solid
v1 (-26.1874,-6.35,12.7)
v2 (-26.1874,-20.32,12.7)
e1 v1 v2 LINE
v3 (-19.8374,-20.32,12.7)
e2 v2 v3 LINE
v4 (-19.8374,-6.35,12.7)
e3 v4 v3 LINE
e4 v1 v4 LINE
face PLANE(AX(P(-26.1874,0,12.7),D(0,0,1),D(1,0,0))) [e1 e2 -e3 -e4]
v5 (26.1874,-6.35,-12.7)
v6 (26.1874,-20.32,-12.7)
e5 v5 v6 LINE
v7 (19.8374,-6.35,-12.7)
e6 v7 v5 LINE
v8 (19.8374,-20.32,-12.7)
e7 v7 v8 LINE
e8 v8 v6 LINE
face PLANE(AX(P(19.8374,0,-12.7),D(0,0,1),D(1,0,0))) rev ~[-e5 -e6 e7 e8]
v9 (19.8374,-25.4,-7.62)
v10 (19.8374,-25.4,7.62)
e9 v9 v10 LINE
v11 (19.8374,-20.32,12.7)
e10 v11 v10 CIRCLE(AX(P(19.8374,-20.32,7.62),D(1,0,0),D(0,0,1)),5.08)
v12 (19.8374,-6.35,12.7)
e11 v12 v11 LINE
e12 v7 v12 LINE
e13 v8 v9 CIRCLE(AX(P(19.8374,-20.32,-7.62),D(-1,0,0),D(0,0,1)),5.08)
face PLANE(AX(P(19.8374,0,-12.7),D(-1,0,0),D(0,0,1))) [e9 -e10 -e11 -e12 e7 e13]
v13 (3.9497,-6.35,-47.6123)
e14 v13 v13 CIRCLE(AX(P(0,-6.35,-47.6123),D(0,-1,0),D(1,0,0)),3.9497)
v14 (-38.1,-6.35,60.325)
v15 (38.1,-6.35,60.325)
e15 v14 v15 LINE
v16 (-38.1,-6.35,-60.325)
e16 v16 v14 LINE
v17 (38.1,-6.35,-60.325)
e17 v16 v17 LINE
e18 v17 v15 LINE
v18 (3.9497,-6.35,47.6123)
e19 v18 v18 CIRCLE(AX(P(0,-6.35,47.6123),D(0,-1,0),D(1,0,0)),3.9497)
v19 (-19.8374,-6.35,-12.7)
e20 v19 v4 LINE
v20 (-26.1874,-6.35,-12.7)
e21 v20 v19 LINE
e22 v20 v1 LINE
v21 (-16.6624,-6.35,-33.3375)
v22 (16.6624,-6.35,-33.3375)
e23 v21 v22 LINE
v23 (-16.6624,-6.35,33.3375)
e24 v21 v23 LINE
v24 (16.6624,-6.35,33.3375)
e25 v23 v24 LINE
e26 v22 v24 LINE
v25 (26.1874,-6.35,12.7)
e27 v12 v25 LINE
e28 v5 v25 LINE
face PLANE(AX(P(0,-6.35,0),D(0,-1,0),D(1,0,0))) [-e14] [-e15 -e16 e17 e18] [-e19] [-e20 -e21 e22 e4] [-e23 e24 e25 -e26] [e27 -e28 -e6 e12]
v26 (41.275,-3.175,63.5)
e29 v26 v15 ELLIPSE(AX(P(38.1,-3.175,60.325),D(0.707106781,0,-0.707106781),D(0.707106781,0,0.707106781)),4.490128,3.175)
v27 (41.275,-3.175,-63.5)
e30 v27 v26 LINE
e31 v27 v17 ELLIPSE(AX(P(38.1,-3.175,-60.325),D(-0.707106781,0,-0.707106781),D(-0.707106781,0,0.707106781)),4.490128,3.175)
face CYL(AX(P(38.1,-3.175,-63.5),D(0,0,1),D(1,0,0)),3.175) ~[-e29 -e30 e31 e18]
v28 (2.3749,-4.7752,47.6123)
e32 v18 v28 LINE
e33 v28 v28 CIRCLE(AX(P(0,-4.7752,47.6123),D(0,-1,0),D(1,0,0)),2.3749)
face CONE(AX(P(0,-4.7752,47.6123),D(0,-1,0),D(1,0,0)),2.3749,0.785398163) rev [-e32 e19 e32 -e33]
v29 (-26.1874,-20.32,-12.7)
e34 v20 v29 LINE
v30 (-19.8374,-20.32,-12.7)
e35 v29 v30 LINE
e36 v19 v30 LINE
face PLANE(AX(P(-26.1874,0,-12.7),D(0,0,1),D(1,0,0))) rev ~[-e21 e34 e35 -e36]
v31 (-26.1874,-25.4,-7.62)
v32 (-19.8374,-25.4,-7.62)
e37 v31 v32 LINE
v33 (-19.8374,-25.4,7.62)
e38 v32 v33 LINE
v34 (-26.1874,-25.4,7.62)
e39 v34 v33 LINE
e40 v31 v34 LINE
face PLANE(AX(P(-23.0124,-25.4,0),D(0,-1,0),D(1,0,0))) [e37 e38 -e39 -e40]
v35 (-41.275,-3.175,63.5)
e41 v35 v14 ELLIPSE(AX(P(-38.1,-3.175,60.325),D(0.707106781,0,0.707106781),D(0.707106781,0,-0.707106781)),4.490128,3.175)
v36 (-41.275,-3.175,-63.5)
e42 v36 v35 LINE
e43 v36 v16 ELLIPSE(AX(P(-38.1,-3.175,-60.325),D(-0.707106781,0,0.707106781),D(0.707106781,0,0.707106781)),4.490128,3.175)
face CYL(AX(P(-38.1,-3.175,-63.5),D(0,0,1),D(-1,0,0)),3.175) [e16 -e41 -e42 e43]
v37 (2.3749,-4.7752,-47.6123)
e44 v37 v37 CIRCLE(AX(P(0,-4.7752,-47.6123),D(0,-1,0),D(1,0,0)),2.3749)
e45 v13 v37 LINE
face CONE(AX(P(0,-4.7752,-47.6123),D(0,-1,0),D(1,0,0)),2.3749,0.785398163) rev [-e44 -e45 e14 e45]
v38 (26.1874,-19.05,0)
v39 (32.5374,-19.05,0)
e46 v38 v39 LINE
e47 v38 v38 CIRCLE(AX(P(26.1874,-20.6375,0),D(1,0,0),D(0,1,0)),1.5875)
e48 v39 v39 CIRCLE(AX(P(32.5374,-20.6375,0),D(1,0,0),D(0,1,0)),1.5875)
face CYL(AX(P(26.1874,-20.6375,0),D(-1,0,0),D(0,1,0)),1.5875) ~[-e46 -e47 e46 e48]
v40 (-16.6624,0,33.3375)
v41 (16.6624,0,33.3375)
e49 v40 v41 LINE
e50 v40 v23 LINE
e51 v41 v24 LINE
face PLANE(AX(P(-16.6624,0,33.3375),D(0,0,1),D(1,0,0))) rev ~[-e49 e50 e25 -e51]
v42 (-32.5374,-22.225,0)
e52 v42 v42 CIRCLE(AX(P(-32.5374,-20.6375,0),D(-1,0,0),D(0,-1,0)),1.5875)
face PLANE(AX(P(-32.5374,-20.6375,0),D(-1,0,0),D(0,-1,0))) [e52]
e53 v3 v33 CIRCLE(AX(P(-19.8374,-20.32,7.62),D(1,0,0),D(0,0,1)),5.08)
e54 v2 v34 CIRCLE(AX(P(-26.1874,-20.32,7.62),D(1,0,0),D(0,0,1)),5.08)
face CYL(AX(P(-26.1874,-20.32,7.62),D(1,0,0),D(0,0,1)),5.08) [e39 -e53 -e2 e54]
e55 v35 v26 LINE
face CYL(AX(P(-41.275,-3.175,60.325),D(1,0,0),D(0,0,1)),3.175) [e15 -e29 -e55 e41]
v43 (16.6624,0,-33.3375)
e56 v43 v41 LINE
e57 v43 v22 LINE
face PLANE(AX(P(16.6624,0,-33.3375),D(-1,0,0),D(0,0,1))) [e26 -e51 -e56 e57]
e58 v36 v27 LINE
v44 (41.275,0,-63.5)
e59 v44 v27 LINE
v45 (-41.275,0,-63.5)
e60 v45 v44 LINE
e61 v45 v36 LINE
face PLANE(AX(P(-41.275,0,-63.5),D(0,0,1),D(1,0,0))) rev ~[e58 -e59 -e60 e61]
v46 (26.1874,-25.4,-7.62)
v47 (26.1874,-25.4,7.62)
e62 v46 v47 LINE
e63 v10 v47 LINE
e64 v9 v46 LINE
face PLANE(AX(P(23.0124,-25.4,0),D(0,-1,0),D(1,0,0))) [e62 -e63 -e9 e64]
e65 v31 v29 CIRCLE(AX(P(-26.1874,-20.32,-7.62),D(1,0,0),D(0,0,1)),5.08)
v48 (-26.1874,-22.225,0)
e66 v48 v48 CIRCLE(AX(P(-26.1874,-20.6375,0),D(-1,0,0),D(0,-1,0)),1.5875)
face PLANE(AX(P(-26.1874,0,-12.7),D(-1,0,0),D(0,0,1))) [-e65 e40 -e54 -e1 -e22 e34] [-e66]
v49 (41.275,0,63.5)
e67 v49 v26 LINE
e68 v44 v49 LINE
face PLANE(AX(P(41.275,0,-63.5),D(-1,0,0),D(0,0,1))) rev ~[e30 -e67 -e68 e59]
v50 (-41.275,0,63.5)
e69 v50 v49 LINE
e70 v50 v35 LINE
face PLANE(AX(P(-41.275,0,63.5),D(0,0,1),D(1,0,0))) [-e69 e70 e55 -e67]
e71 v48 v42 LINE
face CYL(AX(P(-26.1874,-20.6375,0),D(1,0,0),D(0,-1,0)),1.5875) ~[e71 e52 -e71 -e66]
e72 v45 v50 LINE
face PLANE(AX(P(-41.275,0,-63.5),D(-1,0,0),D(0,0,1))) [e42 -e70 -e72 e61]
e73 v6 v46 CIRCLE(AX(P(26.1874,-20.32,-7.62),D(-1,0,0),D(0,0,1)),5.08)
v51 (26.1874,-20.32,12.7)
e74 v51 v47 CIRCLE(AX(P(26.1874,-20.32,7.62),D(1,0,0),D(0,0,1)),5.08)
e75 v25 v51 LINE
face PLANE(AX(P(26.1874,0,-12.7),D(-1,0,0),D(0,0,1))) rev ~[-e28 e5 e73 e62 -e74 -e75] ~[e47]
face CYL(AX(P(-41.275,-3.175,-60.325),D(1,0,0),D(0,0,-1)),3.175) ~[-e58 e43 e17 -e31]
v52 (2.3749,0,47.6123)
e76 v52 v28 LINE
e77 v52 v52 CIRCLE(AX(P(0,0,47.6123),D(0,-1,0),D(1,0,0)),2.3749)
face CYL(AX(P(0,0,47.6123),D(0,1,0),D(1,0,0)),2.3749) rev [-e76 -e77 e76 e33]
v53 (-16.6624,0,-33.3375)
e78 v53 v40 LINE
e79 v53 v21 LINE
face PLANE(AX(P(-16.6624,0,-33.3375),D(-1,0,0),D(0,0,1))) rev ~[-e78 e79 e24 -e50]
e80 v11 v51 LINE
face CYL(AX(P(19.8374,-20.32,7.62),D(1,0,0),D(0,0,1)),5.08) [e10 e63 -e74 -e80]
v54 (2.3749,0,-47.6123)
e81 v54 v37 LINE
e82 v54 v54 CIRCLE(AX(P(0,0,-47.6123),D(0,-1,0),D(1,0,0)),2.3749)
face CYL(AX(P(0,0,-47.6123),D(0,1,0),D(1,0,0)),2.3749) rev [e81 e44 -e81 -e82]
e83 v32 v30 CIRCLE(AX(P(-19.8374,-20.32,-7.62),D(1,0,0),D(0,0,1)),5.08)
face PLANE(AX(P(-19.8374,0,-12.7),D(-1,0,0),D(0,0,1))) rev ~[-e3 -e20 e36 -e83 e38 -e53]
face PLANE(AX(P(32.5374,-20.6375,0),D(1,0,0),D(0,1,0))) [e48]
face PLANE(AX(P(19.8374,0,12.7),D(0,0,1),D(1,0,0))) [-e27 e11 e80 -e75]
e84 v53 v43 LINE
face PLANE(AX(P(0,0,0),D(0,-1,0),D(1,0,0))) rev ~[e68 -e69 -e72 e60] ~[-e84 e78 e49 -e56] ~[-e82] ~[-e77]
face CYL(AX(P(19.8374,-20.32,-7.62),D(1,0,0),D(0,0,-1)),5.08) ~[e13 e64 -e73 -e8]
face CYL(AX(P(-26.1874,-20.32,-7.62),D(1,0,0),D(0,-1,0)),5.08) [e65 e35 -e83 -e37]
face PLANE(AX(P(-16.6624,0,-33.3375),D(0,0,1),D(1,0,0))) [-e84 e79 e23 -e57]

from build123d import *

# Parameters (mm, degrees)
F0_W      = 82.55
F0_H      = 127
F0_R      = 2.3749
F0_W_2    = 6.35
F0_H_2    = 25.4
F0_W_3    = 33.3248
F0_H_3    = 66.675
F1_DEPTH  = 6.35
F2_R      = 3.175
F3_SIZE   = 1.5748
F4_SIZE   = 1.5748
F5_DEPTH  = 25.4
F6_DEPTH  = 25.4
F7_R      = 5.08
F8_R      = 5.08
F9_R      = 5.08
F10_R     = 1.5875
F11_DEPTH = 6.35
F12_R     = 1.5875
F13_DEPTH = 6.35


with BuildPart() as f1:
    # F0 (on Front) → F1 (new body)
    with BuildSketch(Plane.XZ):
        Rectangle(F0_W, F0_H)
        with Locations((0, -47.6123)):
            Circle(F0_R, mode=Mode.SUBTRACT)
        with Locations((-23.0124, 0)):
            Rectangle(F0_W_2, F0_H_2, mode=Mode.SUBTRACT)
        Rectangle(F0_W_3, F0_H_3, mode=Mode.SUBTRACT)
        with Locations((23.0124, 0)):
            Rectangle(F0_W_2, F0_H_2, mode=Mode.SUBTRACT)
        with Locations((0, 47.6123)):
            Circle(F0_R, mode=Mode.SUBTRACT)
    extrude(amount=F1_DEPTH)

    # F2
    f2_edges = [f1.edges().sort_by_distance(p)[0] for p in [
        (0, -6.35, 63.5),
        (41.275, -6.35, 0),
        (0, -6.35, -63.5),
        (-41.275, -6.35, 0),
    ]]
    fillet(f2_edges, radius=F2_R)

    # F3
    f3_edges = [f1.edges().sort_by_distance(p)[0] for p in [
        (-2.3749, -6.35, 47.6123),
    ]]
    chamfer(f3_edges, length=F3_SIZE)

    # F4
    f4_edges = [f1.edges().sort_by_distance(p)[0] for p in [
        (-2.3749, -6.35, -47.6123),
    ]]
    chamfer(f4_edges, length=F4_SIZE)

    # F0 (on Front) → F5 (join)
    with BuildSketch(Plane.XZ):
        with Locations((-23.0124, 0)):
            Rectangle(F0_W_2, F0_H_2)
    extrude(amount=F5_DEPTH)

    # F0 (on Front) → F6 (join)
    with BuildSketch(Plane.XZ):
        with Locations((23.0124, 0)):
            Rectangle(F0_W_2, F0_H_2)
    extrude(amount=F6_DEPTH)

    # F7
    f7_edges = [f1.edges().sort_by_distance(p)[0] for p in [
        (-23.0124, -25.4, 12.7),
    ]]
    fillet(f7_edges, radius=F7_R)

    # F8
    f8_edges = [f1.edges().sort_by_distance(p)[0] for p in [
        (23.0124, -25.4, 12.7),
        (-23.0124, -25.4, -12.7),
    ]]
    fillet(f8_edges, radius=F8_R)

    # F9
    f9_edges = [f1.edges().sort_by_distance(p)[0] for p in [
        (23.0124, -25.4, -12.7),
    ]]
    fillet(f9_edges, radius=F9_R)

    # F10 (on face) → F11 (join)
    with BuildSketch(Plane(origin=(-26.1874, 0, 0), x_dir=(0, -1, 0), z_dir=(-1, 0, 0))):
        with Locations((20.6375, 0)):
            Circle(F10_R)
    extrude(amount=F11_DEPTH)

    # F12 (on face) → F13 (join)
    with BuildSketch(Plane.YZ.offset(26.1874)):
        with Locations((-20.6375, 0)):
            Circle(F12_R)
    extrude(amount=F13_DEPTH)


solid = f1.part
